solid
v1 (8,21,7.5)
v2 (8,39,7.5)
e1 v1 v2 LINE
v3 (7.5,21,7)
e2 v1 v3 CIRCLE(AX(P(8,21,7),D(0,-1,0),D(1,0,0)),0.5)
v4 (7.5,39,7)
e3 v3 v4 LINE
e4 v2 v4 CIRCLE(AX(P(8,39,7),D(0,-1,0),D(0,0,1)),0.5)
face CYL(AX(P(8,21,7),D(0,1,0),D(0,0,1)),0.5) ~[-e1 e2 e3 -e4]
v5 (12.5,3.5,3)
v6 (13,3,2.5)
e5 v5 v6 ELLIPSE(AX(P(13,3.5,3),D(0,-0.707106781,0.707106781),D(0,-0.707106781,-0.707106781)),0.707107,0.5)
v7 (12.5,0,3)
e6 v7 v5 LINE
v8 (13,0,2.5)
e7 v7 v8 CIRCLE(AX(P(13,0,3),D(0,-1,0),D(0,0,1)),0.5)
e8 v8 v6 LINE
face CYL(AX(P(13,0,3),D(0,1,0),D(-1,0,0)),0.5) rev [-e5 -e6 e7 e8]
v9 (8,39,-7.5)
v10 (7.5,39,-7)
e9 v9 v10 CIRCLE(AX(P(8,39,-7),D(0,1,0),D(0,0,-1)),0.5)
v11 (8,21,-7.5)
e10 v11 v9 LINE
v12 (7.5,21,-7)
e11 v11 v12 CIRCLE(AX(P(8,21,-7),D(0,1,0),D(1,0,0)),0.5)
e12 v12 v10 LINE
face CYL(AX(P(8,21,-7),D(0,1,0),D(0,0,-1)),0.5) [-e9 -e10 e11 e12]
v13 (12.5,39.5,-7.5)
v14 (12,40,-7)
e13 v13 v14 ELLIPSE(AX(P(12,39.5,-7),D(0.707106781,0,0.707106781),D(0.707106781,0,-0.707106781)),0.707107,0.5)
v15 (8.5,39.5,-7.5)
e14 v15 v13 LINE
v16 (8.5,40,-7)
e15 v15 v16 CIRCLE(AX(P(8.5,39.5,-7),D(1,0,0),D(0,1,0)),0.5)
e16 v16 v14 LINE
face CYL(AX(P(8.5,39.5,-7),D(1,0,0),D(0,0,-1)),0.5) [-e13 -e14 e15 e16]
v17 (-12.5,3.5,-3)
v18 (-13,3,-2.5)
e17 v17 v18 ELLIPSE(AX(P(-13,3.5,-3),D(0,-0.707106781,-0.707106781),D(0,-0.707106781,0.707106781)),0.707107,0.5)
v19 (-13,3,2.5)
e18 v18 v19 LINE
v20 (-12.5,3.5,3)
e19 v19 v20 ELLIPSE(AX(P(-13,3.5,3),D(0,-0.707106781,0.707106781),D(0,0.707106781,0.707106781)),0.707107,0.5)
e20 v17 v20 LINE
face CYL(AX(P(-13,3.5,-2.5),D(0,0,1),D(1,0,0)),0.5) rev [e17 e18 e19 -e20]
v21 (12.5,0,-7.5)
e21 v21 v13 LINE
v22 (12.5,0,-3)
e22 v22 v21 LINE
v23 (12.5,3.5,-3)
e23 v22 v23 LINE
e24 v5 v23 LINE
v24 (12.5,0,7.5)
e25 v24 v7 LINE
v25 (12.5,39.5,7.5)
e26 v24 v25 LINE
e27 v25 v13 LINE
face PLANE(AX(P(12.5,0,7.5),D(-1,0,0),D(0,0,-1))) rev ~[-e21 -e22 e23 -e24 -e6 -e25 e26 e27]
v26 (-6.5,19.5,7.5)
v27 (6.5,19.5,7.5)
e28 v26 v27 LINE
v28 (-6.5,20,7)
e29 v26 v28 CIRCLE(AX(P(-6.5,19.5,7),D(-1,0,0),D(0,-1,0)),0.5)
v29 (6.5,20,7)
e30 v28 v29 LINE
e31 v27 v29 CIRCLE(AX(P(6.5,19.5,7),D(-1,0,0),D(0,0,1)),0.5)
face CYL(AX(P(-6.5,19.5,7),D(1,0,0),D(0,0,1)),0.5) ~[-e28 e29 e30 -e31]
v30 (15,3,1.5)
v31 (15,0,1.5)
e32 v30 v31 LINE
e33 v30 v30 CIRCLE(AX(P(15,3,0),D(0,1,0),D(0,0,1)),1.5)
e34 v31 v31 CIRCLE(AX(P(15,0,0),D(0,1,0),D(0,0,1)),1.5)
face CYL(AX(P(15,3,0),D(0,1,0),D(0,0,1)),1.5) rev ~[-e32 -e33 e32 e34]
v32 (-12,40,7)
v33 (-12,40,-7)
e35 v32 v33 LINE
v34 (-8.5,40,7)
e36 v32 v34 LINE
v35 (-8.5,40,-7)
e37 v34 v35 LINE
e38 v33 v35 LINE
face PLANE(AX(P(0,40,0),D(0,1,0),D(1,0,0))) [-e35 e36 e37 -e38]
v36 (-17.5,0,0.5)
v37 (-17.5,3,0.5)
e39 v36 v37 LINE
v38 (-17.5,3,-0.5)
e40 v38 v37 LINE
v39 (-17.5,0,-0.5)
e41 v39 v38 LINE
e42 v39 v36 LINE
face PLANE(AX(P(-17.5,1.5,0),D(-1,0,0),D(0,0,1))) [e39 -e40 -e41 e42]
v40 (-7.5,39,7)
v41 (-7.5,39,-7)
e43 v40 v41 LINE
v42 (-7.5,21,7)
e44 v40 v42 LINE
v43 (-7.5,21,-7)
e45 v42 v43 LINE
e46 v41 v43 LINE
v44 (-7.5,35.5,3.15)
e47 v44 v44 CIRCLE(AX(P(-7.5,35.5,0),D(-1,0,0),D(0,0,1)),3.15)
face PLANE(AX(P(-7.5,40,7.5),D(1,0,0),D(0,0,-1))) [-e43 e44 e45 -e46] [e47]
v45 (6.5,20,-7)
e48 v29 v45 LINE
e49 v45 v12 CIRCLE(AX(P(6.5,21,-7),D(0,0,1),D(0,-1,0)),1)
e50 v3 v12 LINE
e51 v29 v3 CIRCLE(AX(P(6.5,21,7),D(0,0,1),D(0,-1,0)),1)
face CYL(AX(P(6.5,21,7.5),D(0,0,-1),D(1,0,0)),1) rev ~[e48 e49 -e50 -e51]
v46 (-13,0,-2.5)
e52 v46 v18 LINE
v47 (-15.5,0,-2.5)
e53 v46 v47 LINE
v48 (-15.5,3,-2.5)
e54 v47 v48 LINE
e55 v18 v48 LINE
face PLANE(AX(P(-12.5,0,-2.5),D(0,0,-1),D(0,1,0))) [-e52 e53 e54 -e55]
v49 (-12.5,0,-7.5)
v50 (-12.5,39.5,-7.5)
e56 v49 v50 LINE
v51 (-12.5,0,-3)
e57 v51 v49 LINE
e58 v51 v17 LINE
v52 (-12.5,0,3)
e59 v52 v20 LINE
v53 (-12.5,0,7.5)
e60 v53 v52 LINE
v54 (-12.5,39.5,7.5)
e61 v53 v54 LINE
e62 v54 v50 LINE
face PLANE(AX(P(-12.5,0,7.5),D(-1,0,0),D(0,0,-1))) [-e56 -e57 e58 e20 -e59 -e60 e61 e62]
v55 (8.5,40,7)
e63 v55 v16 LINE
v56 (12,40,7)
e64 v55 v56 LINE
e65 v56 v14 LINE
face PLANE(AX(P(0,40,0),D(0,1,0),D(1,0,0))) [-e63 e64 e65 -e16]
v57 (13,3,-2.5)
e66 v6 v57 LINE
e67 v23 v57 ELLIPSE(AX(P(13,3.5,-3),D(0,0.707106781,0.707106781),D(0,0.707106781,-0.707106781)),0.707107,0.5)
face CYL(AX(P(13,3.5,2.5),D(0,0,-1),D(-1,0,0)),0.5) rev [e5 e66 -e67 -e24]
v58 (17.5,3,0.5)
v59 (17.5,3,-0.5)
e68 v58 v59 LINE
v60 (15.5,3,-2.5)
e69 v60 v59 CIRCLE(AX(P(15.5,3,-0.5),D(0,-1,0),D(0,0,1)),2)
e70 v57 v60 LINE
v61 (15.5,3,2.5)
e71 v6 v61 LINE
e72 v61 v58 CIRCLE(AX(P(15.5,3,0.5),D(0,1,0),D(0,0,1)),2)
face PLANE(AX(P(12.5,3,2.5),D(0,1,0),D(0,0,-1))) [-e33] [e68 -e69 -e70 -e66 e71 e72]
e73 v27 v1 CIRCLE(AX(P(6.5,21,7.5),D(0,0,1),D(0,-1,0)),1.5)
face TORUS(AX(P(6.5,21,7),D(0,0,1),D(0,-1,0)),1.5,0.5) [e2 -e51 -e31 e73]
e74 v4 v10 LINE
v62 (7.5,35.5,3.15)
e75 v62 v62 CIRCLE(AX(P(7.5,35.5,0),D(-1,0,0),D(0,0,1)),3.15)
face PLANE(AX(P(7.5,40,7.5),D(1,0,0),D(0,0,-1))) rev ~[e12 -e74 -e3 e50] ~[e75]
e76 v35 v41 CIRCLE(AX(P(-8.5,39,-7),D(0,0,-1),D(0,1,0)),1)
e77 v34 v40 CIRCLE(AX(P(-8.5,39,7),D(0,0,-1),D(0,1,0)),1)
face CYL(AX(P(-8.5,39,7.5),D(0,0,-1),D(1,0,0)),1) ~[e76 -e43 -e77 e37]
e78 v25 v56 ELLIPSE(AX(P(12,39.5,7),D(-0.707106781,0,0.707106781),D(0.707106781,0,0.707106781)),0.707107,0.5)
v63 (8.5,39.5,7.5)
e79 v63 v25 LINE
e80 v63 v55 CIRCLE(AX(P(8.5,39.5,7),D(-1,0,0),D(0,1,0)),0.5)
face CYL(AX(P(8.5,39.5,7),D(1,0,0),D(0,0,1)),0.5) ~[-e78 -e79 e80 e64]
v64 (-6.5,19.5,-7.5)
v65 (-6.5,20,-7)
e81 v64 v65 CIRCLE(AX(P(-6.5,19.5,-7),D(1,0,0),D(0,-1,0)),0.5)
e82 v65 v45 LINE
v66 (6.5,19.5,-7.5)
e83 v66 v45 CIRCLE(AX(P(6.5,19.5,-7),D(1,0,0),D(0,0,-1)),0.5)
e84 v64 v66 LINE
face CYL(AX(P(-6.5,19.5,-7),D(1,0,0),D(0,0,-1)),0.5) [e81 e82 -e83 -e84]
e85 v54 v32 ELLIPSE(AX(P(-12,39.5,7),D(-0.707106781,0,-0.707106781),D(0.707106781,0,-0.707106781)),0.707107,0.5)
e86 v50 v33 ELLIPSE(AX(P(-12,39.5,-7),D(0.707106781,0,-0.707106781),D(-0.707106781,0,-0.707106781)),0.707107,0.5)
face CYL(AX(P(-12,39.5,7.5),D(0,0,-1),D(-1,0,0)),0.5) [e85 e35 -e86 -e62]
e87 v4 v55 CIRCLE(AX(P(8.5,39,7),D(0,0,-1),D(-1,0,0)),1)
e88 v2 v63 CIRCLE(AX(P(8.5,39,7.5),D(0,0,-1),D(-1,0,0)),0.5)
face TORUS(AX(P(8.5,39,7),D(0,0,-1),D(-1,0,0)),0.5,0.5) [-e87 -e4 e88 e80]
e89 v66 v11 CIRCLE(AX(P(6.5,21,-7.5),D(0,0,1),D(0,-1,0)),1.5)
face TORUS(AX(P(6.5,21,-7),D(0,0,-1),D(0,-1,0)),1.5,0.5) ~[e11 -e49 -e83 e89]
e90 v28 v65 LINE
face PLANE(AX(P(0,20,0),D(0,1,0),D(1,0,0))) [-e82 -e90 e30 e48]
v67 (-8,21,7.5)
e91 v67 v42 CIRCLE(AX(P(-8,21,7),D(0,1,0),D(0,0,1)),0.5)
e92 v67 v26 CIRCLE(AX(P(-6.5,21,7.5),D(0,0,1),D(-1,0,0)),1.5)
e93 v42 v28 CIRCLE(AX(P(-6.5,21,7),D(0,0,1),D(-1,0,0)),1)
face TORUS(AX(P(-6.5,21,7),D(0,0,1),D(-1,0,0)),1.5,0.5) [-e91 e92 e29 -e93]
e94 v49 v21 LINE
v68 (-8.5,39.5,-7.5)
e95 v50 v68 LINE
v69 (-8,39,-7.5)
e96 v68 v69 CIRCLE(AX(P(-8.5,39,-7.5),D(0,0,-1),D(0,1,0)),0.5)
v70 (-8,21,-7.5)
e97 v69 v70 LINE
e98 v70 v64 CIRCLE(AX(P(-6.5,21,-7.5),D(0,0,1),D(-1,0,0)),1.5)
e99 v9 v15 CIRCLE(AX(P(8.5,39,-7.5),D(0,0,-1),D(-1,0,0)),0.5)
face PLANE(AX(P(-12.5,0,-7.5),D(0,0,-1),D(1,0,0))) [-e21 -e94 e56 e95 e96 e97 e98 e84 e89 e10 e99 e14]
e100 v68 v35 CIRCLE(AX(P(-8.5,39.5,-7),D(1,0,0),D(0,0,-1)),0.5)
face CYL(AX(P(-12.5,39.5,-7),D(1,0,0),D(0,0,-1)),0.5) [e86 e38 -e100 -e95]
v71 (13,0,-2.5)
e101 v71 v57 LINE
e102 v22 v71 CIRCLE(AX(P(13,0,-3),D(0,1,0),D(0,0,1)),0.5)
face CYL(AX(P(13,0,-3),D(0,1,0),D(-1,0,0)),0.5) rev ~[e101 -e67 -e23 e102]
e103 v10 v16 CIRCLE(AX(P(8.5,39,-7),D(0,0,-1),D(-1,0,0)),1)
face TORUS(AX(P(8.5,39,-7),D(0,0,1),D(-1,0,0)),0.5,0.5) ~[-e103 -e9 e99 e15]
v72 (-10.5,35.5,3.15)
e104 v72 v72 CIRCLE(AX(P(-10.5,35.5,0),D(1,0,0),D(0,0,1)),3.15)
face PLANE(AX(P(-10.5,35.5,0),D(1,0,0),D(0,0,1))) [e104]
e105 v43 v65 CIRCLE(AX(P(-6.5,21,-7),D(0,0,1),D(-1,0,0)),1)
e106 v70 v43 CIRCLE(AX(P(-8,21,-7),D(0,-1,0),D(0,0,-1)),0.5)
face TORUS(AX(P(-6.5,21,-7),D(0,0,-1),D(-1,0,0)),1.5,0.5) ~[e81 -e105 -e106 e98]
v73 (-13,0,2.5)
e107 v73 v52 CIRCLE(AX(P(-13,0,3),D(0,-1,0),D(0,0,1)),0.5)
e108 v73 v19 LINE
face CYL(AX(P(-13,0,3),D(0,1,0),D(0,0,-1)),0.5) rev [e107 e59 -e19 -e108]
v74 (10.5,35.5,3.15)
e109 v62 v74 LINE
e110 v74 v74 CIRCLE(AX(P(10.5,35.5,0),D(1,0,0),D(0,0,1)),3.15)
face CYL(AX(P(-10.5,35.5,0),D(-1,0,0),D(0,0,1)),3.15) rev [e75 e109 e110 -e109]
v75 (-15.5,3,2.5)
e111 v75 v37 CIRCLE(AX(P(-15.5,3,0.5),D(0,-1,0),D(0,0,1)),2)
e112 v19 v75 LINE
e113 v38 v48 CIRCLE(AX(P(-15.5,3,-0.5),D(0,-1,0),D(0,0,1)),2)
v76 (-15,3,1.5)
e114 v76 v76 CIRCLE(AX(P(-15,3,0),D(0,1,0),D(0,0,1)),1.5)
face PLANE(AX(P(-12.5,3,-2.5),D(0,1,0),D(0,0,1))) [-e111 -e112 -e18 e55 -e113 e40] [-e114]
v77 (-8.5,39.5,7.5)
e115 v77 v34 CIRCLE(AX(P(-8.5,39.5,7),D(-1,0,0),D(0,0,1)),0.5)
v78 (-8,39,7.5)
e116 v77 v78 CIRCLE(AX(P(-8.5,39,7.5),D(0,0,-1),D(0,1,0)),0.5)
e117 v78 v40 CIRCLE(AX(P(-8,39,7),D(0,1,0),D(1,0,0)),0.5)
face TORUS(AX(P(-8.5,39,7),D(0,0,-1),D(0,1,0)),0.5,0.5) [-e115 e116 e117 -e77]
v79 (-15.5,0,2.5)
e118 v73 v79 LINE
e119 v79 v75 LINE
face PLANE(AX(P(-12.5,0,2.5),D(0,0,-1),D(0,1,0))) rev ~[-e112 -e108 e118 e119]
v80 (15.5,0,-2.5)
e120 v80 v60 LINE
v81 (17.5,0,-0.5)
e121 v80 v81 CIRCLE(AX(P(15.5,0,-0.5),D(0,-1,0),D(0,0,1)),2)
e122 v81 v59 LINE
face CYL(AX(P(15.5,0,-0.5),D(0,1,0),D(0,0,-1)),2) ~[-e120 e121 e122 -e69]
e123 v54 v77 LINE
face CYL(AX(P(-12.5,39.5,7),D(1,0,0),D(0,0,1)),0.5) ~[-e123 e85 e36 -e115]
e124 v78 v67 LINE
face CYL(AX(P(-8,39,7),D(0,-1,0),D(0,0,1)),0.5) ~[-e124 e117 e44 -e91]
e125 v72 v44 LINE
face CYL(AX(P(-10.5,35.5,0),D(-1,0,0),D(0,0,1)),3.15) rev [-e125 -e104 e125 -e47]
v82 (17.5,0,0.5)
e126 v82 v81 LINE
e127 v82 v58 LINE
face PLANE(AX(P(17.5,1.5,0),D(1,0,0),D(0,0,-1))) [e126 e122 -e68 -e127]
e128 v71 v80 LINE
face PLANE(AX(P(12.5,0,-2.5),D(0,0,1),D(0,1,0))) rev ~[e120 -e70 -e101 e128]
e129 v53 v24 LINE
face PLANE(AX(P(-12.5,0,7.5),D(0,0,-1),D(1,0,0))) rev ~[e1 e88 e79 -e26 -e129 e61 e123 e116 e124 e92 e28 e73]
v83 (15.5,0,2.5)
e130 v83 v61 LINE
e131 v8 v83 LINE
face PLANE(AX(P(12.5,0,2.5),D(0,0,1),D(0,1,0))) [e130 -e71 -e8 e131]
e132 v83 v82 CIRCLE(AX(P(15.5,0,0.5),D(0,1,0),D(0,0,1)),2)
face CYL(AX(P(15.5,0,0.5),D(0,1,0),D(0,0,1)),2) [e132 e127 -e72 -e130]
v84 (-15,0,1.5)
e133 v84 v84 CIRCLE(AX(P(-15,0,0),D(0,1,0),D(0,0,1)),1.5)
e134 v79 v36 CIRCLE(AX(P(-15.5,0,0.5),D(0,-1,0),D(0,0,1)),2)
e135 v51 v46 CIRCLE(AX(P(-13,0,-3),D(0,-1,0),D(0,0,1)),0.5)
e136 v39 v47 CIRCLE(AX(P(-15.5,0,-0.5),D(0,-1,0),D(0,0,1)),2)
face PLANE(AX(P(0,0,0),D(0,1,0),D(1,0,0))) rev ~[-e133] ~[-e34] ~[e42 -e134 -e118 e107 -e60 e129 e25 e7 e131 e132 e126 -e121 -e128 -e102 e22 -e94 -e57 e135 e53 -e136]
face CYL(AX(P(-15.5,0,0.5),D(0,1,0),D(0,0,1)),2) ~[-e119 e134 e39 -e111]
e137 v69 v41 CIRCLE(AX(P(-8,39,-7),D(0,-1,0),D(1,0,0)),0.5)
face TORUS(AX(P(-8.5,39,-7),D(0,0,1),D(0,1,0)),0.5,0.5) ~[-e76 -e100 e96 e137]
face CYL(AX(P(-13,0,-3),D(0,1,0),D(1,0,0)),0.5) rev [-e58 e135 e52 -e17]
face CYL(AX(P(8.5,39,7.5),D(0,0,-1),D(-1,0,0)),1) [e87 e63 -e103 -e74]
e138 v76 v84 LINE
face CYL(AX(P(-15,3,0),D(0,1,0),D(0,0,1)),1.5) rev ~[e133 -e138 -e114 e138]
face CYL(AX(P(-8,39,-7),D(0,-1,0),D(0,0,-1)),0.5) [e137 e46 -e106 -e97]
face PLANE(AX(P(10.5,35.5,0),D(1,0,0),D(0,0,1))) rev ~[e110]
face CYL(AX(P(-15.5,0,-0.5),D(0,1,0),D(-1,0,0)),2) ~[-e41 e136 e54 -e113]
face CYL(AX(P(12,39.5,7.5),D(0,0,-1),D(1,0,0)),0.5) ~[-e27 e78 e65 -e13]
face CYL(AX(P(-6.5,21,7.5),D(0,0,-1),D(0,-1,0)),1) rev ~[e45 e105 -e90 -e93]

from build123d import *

# Parameters (mm, degrees)
CROQUIS2_W                 = 25
CROQUIS2_H                 = 15
SALIENTE_EXTRUIR1_DEPTH    = 40
CROQUIS3_W                 = 15
CROQUIS3_H                 = 15
CORTAR_EXTRUIR1_DEPTH      = 20
REDONDEO1_R                = 1
REDONDEO2_R                = 1
CORTAR_EXTRUIR2_DEPTH      = 18
CORTAR_EXTRUIR2_DEPTH_BACK = 3
CROQUIS4_R                 = 3.15
CROQUIS6_W                 = 5
CROQUIS6_H                 = 3
SALIENTE_EXTRUIR2_DEPTH    = 5
REDONDEO3_R                = 2
CROQUIS8_R                 = 1.5
CORTAR_EXTRUIR3_DEPTH      = 15
CROQUIS9_W                 = 5
CROQUIS9_H                 = 3
SALIENTE_EXTRUIR3_DEPTH    = 5
CORTAR_EXTRUIR4_REACH      = 43.611
CROQUIS10_R                = 1.5
REDONDEO4_R                = 2
REDONDEO5_R                = 0.5
REDONDEO6_R                = 0.5


with BuildPart() as part:
    # Croquis2 → Saliente-Extruir1 (new body)
    with BuildSketch(Plane(origin=(0, 0, 0), x_dir=(1, 0, 0), z_dir=(0, 1, 0))):
        Rectangle(CROQUIS2_W, CROQUIS2_H)
    extrude(amount=SALIENTE_EXTRUIR1_DEPTH)

    # Croquis3 → Cortar-Extruir1 (cut)
    with BuildSketch(Plane(origin=(0, 40, 0), x_dir=(1, 0, 0), z_dir=(0, 1, 0))):
        Rectangle(CROQUIS3_W, CROQUIS3_H)
    extrude(amount=-CORTAR_EXTRUIR1_DEPTH, mode=Mode.SUBTRACT)

    # Redondeo1
    redondeo1_edges = [part.edges().sort_by_distance(p)[0] for p in [
        (7.5, 20, 0),
        (-7.5, 20, 0),
    ]]
    fillet(redondeo1_edges, radius=REDONDEO1_R)

    # Redondeo2
    redondeo2_edges = [part.edges().sort_by_distance(p)[0] for p in [
        (7.5, 40, 0),
        (-7.5, 40, 0),
    ]]
    fillet(redondeo2_edges, radius=REDONDEO2_R)

    # Croquis4 → Cortar-Extruir2 (cut, two sides: drawn at the far end of the back side and taken through both)
    with BuildSketch(Plane(origin=(-7.5, 0, 0), x_dir=(0, 0, -1), z_dir=(1, 0, 0)).offset(-CORTAR_EXTRUIR2_DEPTH_BACK)):
        with Locations(Location((0, 35.5, 0), (0, 0, 180))):
            Circle(CROQUIS4_R)
    extrude(amount=CORTAR_EXTRUIR2_DEPTH + CORTAR_EXTRUIR2_DEPTH_BACK, mode=Mode.SUBTRACT)

    # Croquis6 → Saliente-Extruir2 (add)
    with BuildSketch(Plane(origin=(12.5, 0, 0), x_dir=(0, 0, -1), z_dir=(1, 0, 0))):
        with Locations((0, 1.5)):
            Rectangle(CROQUIS6_W, CROQUIS6_H)
    extrude(amount=SALIENTE_EXTRUIR2_DEPTH)

    # Redondeo3
    redondeo3_edges = [part.edges().sort_by_distance(p)[0] for p in [
        (17.5, 1.5, -2.5),
        (17.5, 1.5, 2.5),
    ]]
    fillet(redondeo3_edges, radius=REDONDEO3_R)

    # Croquis8 → Cortar-Extruir3 (cut)
    with BuildSketch(Plane(origin=(0, 3, 0), x_dir=(1, 0, 0), z_dir=(0, 1, 0))):
        with Locations(Location((15, 0, 0), (0, 0, 270))):
            Circle(CROQUIS8_R)
    extrude(amount=-CORTAR_EXTRUIR3_DEPTH, mode=Mode.SUBTRACT)

    # Croquis9 → Saliente-Extruir3 (add)
    with BuildSketch(Plane.ZY.offset(12.5)):
        with Locations((0, 1.5)):
            Rectangle(CROQUIS9_W, CROQUIS9_H)
    extrude(amount=SALIENTE_EXTRUIR3_DEPTH)

    # Croquis10 → Cortar-Extruir4 (cut, up to next)
    with BuildSketch(Plane(origin=(0, 3, 0), x_dir=(1, 0, 0), z_dir=(0, 1, 0)), mode=Mode.PRIVATE) as cortar_extruir4_sk1:
        with Locations(Location((-15, 0, 0), (0, 0, 270))):
            Circle(CROQUIS10_R)
    cortar_extruir4_tool1 = extrude(cortar_extruir4_sk1.sketch, amount=-CORTAR_EXTRUIR4_REACH, mode=Mode.PRIVATE) & part.part
    add(cortar_extruir4_tool1.solids().sort_by_distance((-15, 3, 0))[0], mode=Mode.SUBTRACT)

    # Redondeo4
    redondeo4_edges = [part.edges().sort_by_distance(p)[0] for p in [
        (-17.5, 1.5, 2.5),
        (-17.5, 1.5, -2.5),
    ]]
    fillet(redondeo4_edges, radius=REDONDEO4_R)

    # Redondeo5
    redondeo5_edges = [part.edges().sort_by_distance(p)[0] for p in [
        (12.5, 1.5, -2.5),
        (12.5, 3, 0),
        (12.5, 1.5, 2.5),
        (-12.5, 1.5, 2.5),
        (-12.5, 3, 0),
        (-12.5, 1.5, -2.5),
    ]]
    fillet(redondeo5_edges, radius=REDONDEO5_R)

    # Redondeo6
    redondeo6_edges = [part.edges().sort_by_distance(p)[0] for p in [
        (-12.5, 40, 0),
        (-10.5, 40, 7.5),
        (0, 20, -7.5),
        (0, 20, 7.5),
        (7.5, 30, -7.5),
        (7.5, 30, 7.5),
        (-7.5, 30, 7.5),
        (-7.5, 30, -7.5),
        (7.207106781, 20.292893219, -7.5),
        (7.207106781, 20.292893219, 7.5),
        (-7.207106781, 20.292893219, 7.5),
        (-7.207106781, 20.292893219, -7.5),
        (10.5, 40, 7.5),
        (7.792893219, 39.707106781, 7.5),
        (-7.792893219, 39.707106781, 7.5),
        (-10.5, 40, -7.5),
        (7.792893219, 39.707106781, -7.5),
        (-7.792893219, 39.707106781, -7.5),
        (12.5, 40, 0),
        (10.5, 40, -7.5),
    ]]
    fillet(redondeo6_edges, radius=REDONDEO6_R)


solid = part.part
